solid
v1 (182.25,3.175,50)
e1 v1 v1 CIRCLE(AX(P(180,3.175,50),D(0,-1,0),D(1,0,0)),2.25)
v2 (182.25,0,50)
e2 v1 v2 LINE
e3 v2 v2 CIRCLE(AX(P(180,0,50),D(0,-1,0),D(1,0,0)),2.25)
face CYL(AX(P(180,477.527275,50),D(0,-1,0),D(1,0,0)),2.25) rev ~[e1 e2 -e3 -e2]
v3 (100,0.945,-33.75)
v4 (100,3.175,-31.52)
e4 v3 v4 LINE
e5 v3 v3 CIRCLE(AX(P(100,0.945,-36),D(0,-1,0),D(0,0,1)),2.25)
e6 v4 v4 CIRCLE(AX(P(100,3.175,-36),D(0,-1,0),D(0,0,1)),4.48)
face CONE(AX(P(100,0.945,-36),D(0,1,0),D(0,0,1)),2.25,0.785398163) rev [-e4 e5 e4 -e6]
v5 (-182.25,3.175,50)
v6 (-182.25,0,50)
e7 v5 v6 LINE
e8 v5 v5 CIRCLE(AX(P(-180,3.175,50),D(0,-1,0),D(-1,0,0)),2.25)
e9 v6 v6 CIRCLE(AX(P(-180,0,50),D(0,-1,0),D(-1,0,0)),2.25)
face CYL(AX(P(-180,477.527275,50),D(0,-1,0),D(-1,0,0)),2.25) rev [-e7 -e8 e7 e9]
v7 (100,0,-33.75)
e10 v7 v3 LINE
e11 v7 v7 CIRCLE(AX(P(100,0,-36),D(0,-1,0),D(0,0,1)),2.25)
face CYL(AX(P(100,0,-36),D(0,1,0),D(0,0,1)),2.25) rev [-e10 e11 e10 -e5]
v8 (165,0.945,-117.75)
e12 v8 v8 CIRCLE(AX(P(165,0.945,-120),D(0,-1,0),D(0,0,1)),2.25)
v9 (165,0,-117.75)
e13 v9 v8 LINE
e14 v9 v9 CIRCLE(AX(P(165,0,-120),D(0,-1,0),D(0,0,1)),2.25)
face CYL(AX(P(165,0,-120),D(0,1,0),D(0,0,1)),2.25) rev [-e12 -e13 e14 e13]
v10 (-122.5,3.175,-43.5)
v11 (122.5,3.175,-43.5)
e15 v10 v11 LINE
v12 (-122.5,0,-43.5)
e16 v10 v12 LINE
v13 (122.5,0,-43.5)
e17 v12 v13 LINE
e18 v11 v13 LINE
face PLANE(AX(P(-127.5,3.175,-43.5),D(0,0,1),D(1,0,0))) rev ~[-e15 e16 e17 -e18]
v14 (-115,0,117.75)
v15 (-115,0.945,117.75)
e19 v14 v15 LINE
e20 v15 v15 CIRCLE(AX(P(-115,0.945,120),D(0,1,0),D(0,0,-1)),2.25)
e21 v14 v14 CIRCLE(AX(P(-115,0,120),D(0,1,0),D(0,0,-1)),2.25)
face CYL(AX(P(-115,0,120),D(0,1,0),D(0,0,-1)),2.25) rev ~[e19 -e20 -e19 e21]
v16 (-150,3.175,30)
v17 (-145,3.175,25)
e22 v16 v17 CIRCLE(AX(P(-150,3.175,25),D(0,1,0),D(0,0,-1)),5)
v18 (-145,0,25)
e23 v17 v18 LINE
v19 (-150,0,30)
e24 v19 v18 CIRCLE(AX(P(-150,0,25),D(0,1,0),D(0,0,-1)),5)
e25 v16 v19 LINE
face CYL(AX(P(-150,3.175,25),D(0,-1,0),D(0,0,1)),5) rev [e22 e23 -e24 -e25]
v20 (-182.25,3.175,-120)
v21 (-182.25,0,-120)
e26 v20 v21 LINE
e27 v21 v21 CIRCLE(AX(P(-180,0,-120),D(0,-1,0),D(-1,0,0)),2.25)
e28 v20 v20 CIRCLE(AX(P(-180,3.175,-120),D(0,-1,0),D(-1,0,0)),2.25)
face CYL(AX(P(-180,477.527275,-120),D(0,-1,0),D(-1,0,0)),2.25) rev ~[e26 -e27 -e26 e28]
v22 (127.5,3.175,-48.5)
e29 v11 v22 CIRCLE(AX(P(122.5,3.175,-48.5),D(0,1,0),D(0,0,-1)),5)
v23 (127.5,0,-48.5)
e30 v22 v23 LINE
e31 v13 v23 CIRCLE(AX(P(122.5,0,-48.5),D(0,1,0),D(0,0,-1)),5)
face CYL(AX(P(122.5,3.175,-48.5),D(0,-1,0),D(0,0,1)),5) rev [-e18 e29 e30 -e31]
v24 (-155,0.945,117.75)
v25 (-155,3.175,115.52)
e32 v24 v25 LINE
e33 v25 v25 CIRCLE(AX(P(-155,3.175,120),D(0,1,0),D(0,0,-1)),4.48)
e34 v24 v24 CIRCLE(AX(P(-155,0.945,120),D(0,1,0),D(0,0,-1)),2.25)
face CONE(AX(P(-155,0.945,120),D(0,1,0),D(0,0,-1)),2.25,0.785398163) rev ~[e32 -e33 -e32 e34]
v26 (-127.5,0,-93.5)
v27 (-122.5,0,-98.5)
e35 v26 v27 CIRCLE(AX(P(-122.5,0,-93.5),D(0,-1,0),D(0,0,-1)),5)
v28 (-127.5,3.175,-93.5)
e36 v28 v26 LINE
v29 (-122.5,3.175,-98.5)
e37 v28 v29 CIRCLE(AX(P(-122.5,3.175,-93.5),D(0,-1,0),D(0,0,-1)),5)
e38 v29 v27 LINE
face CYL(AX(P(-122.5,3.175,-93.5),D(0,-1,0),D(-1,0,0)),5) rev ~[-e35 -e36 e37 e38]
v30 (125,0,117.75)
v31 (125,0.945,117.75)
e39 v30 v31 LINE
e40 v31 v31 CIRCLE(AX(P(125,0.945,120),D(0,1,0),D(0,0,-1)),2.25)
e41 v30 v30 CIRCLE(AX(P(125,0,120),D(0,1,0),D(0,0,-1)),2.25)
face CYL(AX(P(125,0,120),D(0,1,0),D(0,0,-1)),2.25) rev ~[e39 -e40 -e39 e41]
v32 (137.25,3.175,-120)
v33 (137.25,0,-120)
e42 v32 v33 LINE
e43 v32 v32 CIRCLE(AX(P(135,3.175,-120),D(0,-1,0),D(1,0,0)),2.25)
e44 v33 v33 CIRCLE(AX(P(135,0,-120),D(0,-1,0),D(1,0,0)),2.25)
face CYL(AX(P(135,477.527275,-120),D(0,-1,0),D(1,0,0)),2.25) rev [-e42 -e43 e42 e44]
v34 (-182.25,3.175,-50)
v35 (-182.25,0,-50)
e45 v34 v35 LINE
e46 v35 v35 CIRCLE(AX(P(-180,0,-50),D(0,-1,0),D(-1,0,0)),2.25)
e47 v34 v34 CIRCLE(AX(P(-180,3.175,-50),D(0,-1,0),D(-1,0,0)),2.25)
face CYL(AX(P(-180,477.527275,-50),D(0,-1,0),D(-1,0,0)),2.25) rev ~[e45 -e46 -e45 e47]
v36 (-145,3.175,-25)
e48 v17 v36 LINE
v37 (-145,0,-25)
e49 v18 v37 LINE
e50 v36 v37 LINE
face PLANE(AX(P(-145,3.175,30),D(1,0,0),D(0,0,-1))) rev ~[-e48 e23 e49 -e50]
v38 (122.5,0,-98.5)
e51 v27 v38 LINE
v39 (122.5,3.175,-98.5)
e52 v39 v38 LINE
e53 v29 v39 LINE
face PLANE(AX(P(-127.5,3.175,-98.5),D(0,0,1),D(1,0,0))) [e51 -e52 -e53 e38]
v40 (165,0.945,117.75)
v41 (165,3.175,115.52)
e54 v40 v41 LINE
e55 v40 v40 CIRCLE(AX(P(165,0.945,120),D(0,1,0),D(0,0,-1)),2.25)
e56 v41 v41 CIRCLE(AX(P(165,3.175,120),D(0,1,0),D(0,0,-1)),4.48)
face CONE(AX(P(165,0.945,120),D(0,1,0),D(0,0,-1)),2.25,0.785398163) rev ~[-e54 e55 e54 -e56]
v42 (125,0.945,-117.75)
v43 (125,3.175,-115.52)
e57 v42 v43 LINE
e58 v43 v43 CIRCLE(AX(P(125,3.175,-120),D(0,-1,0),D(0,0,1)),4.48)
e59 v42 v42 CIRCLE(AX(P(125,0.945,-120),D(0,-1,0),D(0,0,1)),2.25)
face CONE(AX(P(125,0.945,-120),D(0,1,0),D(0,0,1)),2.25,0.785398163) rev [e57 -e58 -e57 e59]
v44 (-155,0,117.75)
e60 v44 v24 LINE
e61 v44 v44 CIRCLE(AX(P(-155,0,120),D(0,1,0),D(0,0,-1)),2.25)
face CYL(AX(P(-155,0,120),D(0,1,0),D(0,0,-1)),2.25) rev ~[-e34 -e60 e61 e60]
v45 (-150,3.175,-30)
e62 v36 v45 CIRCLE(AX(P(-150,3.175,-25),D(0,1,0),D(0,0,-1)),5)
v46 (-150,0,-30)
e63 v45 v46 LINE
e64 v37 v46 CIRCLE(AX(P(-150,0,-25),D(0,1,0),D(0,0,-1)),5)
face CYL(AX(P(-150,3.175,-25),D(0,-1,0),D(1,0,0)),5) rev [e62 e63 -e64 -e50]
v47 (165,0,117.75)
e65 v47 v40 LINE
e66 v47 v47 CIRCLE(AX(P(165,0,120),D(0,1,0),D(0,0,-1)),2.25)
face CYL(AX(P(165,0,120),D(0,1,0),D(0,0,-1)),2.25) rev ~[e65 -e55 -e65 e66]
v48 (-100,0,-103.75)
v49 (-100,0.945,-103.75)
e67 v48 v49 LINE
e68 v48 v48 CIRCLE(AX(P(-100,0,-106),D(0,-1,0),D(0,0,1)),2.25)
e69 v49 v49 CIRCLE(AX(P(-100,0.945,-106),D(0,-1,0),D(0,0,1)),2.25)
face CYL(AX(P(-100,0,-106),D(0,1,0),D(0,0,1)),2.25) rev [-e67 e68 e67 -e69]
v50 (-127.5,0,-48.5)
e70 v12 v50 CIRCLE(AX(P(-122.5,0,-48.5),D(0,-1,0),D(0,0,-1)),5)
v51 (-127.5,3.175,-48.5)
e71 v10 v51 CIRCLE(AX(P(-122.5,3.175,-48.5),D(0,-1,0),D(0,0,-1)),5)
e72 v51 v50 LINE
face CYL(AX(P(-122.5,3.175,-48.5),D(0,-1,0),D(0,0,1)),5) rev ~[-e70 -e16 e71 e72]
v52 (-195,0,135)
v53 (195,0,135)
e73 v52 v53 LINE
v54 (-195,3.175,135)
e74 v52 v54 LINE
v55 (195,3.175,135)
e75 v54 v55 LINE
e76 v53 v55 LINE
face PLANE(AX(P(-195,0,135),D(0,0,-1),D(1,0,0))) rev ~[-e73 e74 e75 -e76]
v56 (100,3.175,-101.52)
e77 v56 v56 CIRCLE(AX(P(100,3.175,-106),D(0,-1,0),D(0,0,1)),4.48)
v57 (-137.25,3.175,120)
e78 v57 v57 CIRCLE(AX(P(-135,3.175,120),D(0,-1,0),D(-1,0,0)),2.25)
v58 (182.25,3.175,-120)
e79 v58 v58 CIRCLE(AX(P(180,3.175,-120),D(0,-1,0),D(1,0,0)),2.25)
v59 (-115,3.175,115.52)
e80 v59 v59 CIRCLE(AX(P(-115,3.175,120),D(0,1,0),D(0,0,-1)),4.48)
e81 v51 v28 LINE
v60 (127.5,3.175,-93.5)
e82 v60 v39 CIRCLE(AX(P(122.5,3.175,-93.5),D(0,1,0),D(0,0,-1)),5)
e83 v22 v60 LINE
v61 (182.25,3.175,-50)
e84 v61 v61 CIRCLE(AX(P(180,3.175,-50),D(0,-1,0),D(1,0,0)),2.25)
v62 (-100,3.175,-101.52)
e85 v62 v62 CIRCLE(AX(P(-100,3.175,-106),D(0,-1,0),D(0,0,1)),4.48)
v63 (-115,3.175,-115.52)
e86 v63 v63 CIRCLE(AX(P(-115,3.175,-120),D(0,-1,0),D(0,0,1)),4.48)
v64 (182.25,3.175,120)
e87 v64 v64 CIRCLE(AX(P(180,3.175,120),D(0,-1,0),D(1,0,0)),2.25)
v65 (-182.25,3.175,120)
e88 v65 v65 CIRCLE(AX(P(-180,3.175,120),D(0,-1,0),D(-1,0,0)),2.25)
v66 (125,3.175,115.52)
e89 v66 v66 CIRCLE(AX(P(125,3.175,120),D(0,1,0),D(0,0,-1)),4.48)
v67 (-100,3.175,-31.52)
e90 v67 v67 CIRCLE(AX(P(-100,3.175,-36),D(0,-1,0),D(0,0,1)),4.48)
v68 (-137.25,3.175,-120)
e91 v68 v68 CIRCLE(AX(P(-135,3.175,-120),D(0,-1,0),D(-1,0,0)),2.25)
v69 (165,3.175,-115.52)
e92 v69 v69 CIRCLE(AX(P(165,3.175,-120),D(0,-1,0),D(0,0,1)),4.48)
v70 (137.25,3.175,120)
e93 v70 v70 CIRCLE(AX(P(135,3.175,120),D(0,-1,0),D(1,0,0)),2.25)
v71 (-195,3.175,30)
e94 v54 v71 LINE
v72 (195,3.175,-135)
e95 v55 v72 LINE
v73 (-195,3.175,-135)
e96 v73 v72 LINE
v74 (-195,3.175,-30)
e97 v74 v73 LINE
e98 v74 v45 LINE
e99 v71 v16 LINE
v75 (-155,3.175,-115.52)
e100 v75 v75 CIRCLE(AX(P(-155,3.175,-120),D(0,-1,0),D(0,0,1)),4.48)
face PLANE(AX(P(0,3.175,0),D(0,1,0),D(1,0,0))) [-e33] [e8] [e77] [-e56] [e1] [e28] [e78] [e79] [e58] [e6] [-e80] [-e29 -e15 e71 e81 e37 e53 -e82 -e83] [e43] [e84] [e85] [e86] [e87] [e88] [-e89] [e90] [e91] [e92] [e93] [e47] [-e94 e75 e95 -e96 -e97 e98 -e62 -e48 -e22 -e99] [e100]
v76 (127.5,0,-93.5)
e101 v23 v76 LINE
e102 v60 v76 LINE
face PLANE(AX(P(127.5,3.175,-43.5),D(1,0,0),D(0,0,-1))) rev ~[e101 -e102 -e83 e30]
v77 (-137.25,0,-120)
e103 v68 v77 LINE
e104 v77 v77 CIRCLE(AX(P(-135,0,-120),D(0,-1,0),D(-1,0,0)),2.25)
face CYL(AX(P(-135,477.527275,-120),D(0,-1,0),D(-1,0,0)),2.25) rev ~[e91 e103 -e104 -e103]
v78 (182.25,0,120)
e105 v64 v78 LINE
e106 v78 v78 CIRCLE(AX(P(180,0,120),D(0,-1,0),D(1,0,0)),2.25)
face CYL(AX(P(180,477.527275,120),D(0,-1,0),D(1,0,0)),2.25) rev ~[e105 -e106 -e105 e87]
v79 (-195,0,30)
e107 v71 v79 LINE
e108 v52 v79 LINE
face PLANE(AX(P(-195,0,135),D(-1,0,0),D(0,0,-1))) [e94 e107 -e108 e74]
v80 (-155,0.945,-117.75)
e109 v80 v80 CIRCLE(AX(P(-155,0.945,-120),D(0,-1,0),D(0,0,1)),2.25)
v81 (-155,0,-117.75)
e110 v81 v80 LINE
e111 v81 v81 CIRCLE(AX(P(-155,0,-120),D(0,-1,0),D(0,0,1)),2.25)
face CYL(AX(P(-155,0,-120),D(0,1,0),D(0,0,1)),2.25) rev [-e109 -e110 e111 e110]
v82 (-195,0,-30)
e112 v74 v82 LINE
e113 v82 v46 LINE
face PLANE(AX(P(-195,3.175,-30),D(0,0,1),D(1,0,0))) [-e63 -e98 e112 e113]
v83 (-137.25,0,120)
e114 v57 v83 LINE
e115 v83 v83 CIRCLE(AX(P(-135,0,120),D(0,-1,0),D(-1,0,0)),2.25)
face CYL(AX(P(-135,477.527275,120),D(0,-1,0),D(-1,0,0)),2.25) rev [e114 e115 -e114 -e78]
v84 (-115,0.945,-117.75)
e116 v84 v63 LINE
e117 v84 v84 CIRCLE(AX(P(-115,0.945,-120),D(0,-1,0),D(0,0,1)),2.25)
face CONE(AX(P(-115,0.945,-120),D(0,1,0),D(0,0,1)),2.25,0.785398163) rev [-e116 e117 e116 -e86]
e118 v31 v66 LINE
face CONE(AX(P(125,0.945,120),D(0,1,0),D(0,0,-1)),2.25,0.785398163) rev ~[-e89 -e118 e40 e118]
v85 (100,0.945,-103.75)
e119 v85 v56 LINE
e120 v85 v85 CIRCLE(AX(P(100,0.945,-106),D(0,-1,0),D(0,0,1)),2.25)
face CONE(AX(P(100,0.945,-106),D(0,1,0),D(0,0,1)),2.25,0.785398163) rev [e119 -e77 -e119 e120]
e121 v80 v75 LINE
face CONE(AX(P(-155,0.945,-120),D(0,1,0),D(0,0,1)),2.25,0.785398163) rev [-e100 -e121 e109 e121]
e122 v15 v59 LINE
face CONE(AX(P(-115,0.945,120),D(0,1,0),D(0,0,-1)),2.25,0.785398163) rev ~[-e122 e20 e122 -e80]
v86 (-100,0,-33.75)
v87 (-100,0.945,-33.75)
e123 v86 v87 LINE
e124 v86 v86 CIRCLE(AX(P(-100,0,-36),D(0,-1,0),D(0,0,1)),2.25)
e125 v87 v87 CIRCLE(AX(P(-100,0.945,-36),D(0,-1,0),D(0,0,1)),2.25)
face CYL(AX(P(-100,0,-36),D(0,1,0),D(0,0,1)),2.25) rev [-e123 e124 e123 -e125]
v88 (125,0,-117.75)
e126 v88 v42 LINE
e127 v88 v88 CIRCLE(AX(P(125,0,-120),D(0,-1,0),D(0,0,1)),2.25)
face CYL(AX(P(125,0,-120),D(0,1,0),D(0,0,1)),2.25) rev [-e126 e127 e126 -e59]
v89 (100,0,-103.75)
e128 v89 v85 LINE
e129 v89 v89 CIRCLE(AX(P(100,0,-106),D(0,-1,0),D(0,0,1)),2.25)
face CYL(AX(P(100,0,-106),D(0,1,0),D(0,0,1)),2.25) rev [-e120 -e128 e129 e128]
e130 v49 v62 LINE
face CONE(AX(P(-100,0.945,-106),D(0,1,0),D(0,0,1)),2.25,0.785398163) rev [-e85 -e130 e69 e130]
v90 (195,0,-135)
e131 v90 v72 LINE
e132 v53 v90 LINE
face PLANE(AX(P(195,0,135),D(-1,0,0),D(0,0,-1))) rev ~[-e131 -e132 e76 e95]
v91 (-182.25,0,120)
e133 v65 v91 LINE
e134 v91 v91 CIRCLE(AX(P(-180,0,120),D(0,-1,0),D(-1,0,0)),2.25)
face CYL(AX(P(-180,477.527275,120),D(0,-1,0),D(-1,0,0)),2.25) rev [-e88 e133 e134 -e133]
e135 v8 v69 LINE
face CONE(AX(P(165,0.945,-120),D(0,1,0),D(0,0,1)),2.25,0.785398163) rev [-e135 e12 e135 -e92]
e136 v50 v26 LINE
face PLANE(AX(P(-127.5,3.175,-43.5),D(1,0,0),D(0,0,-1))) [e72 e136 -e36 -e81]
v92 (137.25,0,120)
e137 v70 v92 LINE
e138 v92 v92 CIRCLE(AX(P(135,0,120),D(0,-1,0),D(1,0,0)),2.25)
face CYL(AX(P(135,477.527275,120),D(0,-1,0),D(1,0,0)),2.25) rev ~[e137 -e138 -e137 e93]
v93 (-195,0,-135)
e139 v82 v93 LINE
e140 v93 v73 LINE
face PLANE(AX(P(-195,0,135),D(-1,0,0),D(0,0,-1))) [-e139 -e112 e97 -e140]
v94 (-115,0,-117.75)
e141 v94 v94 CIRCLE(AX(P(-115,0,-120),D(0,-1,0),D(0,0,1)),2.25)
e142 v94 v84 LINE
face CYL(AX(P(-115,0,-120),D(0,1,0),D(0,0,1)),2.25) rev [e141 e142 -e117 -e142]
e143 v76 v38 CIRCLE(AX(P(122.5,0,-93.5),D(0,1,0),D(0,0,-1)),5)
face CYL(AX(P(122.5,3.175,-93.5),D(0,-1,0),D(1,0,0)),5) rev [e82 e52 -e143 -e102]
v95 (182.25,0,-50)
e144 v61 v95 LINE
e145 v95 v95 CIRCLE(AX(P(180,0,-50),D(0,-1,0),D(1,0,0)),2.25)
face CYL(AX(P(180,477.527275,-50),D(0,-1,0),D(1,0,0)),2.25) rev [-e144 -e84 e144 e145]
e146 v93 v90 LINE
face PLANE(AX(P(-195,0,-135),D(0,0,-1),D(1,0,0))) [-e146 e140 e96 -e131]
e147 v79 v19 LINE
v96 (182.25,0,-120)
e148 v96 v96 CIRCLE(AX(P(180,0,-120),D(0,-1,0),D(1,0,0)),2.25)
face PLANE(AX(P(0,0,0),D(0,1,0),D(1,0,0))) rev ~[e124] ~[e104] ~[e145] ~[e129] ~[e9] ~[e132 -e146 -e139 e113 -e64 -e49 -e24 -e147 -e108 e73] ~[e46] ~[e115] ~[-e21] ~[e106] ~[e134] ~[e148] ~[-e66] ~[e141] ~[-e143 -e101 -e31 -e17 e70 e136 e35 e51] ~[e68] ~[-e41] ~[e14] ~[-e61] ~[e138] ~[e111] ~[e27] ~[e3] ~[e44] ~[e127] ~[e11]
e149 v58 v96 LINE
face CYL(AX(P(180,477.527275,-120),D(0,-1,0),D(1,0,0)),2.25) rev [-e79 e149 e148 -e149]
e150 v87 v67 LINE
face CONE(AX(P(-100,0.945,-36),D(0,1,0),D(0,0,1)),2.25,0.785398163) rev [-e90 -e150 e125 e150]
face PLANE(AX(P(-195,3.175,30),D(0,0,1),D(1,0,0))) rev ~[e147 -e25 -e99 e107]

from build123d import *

# Parameters (mm, degrees)
SKETCH1_W                            = 390
SKETCH1_H                            = 270
BOSS_EXTRUDE1_DEPTH                  = 3.175
CSK_FOR_M4_SFHCS2_AT_2_COUNT         = 2
CSK_FOR_M4_SFHCS2_AT_2_PITCH         = 40
CSK_FOR_M4_SFHCS2_AT_3_COUNT         = 2
CSK_FOR_M4_SFHCS2_AT_3_PITCH         = 280
CSK_FOR_M4_SFHCS2_AT_4_COUNT         = 2
CSK_FOR_M4_SFHCS2_AT_4_PITCH         = 320
M4_CLEARANCE_HOLE1_D                 = 4.5
MIRROR3_AT_THE_SECOND_PLANE_COPY_1_D = 4.5
SKETCH10_W                           = 255
SKETCH10_H                           = 55
CUT_EXTRUDE1_DEPTH                   = 3.175
SKETCH11_W                           = 50
SKETCH11_H                           = 60
CUT_EXTRUDE2_DEPTH                   = 10
CSK_FOR_M4_SFHCS3_AT_2_COUNT         = 2
CSK_FOR_M4_SFHCS3_AT_2_PITCH         = 211.896201004
CSK_FOR_M4_SFHCS3_AT_3_COUNT         = 2
CSK_FOR_M4_SFHCS3_AT_3_PITCH         = 200
CSK_FOR_M4_SFHCS3_AT_4_COUNT         = 2
CSK_FOR_M4_SFHCS3_AT_4_PITCH         = 70
FILLET1_R                            = 5
FILLET2_R                            = 5


with BuildPart() as part:
    # Sketch1 → Boss-Extrude1 (new body)
    with BuildSketch(Plane(origin=(0, 0, 0), x_dir=(1, 0, 0), z_dir=(0, 1, 0))):
        Rectangle(SKETCH1_W, SKETCH1_H)
    extrude(amount=BOSS_EXTRUDE1_DEPTH)

    # Sketch6 → CSK for M4 SFHCS2 (revolve, cut)
    with BuildSketch(Plane(origin=(-155, 3.175, -120), x_dir=(0, 0, 1), z_dir=(1, 0, 0))):
        Polygon((0, 0), (0, 3.175), (2.25, 3.175), (2.25, 2.23), (4.48, 0), align=None)
    csk_for_m4_sfhcs2 = revolve(axis=Axis((-155, 9.525, -120), (0, -1, 0)), mode=Mode.SUBTRACT)

    # CSK for M4 SFHCS2 at 2: CSK for M4 SFHCS2 ×2
    with Locations(*[(i * CSK_FOR_M4_SFHCS2_AT_2_PITCH, 0, 0) for i in range(1, CSK_FOR_M4_SFHCS2_AT_2_COUNT)]):
        add(csk_for_m4_sfhcs2, mode=Mode.SUBTRACT)

    # CSK for M4 SFHCS2 at 3: CSK for M4 SFHCS2 ×2
    with Locations(*[(i * CSK_FOR_M4_SFHCS2_AT_3_PITCH, 0, 0) for i in range(1, CSK_FOR_M4_SFHCS2_AT_3_COUNT)]):
        add(csk_for_m4_sfhcs2, mode=Mode.SUBTRACT)

    # CSK for M4 SFHCS2 at 4: CSK for M4 SFHCS2 ×2
    with Locations(*[(i * CSK_FOR_M4_SFHCS2_AT_4_PITCH, 0, 0) for i in range(1, CSK_FOR_M4_SFHCS2_AT_4_COUNT)]):
        add(csk_for_m4_sfhcs2, mode=Mode.SUBTRACT)

    # Mirror2: CSK for M4 SFHCS2 across plane
    add(csk_for_m4_sfhcs2.mirror(Plane.XY), mode=Mode.SUBTRACT)

    # Mirror2 copy 1 sketch → Mirror2 copy 1 (revolve, cut)
    with BuildSketch(Plane(origin=(-115, 3.175, 120), x_dir=(0, 0, -1), z_dir=(1, 0, 0))):
        Polygon((0, 0), (0, -3.175), (2.25, -3.175), (2.25, -2.23), (4.48, 0), align=None)
    revolve(axis=Axis((-115, 9.525, 120), (0, 1, 0)), mode=Mode.SUBTRACT)

    # Mirror2 copy 2 sketch → Mirror2 copy 2 (revolve, cut)
    with BuildSketch(Plane(origin=(125, 3.175, 120), x_dir=(0, 0, -1), z_dir=(1, 0, 0))):
        Polygon((0, 0), (0, -3.175), (2.25, -3.175), (2.25, -2.23), (4.48, 0), align=None)
    revolve(axis=Axis((125, 9.525, 120), (0, 1, 0)), mode=Mode.SUBTRACT)

    # Mirror2 copy 3 sketch → Mirror2 copy 3 (revolve, cut)
    with BuildSketch(Plane(origin=(165, 3.175, 120), x_dir=(0, 0, -1), z_dir=(1, 0, 0))):
        Polygon((0, 0), (0, -3.175), (2.25, -3.175), (2.25, -2.23), (4.48, 0), align=None)
    revolve(axis=Axis((165, 9.525, 120), (0, 1, 0)), mode=Mode.SUBTRACT)

    # M4 Clearance Hole1 (through all)
    with Locations(Plane(origin=(0, 3.175, 0), x_dir=(1, 0, 0), z_dir=(0, 1, 0))):
        with Locations((-180, 120), (-180, 50), (-135, 120)):
            m4_clearance_hole1 = Hole(M4_CLEARANCE_HOLE1_D / 2)

    # Mirror3: M4 Clearance Hole1 across plane
    add(m4_clearance_hole1.mirror(Plane(origin=(0, 0, 0), x_dir=(0, 0, 1), z_dir=(1, 0, 0))), mode=Mode.SUBTRACT)

    # Mirror3 at the second plane: M4 Clearance Hole1 across plane
    add(m4_clearance_hole1.mirror(Plane.XY), mode=Mode.SUBTRACT)

    # Mirror3 at the second plane copy 1 (through all)
    with Locations(Plane(origin=(0, 3.175, 0), x_dir=(-1, 0, 0), z_dir=(0, 1, 0))):
        with Locations((-180, 120), (-180, 50), (-135, 120)):
            Hole(MIRROR3_AT_THE_SECOND_PLANE_COPY_1_D / 2)

    # Sketch10 → Cut-Extrude1 (cut)
    with BuildSketch(Plane(origin=(0, 3.175, 0), x_dir=(1, 0, 0), z_dir=(0, 1, 0))):
        with Locations((0, 71)):
            Rectangle(SKETCH10_W, SKETCH10_H)
    extrude(amount=-CUT_EXTRUDE1_DEPTH, mode=Mode.SUBTRACT)

    # Sketch11 → Cut-Extrude2 (cut)
    with BuildSketch(Plane(origin=(0, 3.175, 0), x_dir=(1, 0, 0), z_dir=(0, 1, 0))):
        with Locations((-170, 0)):
            Rectangle(SKETCH11_W, SKETCH11_H)
    extrude(amount=-CUT_EXTRUDE2_DEPTH, mode=Mode.SUBTRACT)

    # Sketch13 → CSK for M4 SFHCS3 (revolve, cut)
    with BuildSketch(Plane(origin=(100, 3.175, -106), x_dir=(0, 0, 1), z_dir=(1, 0, 0))):
        Polygon((0, 0), (0, 3.175), (2.25, 3.175), (2.25, 2.23), (4.48, 0), align=None)
    csk_for_m4_sfhcs3 = revolve(axis=Axis((100, 9.525, -106), (0, -1, 0)), mode=Mode.SUBTRACT)

    # CSK for M4 SFHCS3 at 2: CSK for M4 SFHCS3 ×2
    with Locations(*[Vector(-0.9438583563660174, 0, 0.33035042472810616) * (i * CSK_FOR_M4_SFHCS3_AT_2_PITCH) for i in range(1, CSK_FOR_M4_SFHCS3_AT_2_COUNT)]):
        add(csk_for_m4_sfhcs3, mode=Mode.SUBTRACT)

    # CSK for M4 SFHCS3 at 3: CSK for M4 SFHCS3 ×2
    with Locations(*[(-i * CSK_FOR_M4_SFHCS3_AT_3_PITCH, 0, 0) for i in range(1, CSK_FOR_M4_SFHCS3_AT_3_COUNT)]):
        add(csk_for_m4_sfhcs3, mode=Mode.SUBTRACT)

    # CSK for M4 SFHCS3 at 4: CSK for M4 SFHCS3 ×2
    with Locations(*[(0, 0, i * CSK_FOR_M4_SFHCS3_AT_4_PITCH) for i in range(1, CSK_FOR_M4_SFHCS3_AT_4_COUNT)]):
        add(csk_for_m4_sfhcs3, mode=Mode.SUBTRACT)

    # Fillet1
    fillet1_edges = [part.edges().sort_by_distance(p)[0] for p in [
        (127.5, 1.5875, -98.5),
        (127.5, 1.5875, -43.5),
        (-127.5, 1.5875, -43.5),
        (-127.5, 1.5875, -98.5),
    ]]
    fillet(fillet1_edges, radius=FILLET1_R)

    # Fillet2
    fillet2_edges = [part.edges().sort_by_distance(p)[0] for p in [
        (-145, 1.5875, -30),
        (-145, 1.5875, 30),
    ]]
    fillet(fillet2_edges, radius=FILLET2_R)


solid = part.part
